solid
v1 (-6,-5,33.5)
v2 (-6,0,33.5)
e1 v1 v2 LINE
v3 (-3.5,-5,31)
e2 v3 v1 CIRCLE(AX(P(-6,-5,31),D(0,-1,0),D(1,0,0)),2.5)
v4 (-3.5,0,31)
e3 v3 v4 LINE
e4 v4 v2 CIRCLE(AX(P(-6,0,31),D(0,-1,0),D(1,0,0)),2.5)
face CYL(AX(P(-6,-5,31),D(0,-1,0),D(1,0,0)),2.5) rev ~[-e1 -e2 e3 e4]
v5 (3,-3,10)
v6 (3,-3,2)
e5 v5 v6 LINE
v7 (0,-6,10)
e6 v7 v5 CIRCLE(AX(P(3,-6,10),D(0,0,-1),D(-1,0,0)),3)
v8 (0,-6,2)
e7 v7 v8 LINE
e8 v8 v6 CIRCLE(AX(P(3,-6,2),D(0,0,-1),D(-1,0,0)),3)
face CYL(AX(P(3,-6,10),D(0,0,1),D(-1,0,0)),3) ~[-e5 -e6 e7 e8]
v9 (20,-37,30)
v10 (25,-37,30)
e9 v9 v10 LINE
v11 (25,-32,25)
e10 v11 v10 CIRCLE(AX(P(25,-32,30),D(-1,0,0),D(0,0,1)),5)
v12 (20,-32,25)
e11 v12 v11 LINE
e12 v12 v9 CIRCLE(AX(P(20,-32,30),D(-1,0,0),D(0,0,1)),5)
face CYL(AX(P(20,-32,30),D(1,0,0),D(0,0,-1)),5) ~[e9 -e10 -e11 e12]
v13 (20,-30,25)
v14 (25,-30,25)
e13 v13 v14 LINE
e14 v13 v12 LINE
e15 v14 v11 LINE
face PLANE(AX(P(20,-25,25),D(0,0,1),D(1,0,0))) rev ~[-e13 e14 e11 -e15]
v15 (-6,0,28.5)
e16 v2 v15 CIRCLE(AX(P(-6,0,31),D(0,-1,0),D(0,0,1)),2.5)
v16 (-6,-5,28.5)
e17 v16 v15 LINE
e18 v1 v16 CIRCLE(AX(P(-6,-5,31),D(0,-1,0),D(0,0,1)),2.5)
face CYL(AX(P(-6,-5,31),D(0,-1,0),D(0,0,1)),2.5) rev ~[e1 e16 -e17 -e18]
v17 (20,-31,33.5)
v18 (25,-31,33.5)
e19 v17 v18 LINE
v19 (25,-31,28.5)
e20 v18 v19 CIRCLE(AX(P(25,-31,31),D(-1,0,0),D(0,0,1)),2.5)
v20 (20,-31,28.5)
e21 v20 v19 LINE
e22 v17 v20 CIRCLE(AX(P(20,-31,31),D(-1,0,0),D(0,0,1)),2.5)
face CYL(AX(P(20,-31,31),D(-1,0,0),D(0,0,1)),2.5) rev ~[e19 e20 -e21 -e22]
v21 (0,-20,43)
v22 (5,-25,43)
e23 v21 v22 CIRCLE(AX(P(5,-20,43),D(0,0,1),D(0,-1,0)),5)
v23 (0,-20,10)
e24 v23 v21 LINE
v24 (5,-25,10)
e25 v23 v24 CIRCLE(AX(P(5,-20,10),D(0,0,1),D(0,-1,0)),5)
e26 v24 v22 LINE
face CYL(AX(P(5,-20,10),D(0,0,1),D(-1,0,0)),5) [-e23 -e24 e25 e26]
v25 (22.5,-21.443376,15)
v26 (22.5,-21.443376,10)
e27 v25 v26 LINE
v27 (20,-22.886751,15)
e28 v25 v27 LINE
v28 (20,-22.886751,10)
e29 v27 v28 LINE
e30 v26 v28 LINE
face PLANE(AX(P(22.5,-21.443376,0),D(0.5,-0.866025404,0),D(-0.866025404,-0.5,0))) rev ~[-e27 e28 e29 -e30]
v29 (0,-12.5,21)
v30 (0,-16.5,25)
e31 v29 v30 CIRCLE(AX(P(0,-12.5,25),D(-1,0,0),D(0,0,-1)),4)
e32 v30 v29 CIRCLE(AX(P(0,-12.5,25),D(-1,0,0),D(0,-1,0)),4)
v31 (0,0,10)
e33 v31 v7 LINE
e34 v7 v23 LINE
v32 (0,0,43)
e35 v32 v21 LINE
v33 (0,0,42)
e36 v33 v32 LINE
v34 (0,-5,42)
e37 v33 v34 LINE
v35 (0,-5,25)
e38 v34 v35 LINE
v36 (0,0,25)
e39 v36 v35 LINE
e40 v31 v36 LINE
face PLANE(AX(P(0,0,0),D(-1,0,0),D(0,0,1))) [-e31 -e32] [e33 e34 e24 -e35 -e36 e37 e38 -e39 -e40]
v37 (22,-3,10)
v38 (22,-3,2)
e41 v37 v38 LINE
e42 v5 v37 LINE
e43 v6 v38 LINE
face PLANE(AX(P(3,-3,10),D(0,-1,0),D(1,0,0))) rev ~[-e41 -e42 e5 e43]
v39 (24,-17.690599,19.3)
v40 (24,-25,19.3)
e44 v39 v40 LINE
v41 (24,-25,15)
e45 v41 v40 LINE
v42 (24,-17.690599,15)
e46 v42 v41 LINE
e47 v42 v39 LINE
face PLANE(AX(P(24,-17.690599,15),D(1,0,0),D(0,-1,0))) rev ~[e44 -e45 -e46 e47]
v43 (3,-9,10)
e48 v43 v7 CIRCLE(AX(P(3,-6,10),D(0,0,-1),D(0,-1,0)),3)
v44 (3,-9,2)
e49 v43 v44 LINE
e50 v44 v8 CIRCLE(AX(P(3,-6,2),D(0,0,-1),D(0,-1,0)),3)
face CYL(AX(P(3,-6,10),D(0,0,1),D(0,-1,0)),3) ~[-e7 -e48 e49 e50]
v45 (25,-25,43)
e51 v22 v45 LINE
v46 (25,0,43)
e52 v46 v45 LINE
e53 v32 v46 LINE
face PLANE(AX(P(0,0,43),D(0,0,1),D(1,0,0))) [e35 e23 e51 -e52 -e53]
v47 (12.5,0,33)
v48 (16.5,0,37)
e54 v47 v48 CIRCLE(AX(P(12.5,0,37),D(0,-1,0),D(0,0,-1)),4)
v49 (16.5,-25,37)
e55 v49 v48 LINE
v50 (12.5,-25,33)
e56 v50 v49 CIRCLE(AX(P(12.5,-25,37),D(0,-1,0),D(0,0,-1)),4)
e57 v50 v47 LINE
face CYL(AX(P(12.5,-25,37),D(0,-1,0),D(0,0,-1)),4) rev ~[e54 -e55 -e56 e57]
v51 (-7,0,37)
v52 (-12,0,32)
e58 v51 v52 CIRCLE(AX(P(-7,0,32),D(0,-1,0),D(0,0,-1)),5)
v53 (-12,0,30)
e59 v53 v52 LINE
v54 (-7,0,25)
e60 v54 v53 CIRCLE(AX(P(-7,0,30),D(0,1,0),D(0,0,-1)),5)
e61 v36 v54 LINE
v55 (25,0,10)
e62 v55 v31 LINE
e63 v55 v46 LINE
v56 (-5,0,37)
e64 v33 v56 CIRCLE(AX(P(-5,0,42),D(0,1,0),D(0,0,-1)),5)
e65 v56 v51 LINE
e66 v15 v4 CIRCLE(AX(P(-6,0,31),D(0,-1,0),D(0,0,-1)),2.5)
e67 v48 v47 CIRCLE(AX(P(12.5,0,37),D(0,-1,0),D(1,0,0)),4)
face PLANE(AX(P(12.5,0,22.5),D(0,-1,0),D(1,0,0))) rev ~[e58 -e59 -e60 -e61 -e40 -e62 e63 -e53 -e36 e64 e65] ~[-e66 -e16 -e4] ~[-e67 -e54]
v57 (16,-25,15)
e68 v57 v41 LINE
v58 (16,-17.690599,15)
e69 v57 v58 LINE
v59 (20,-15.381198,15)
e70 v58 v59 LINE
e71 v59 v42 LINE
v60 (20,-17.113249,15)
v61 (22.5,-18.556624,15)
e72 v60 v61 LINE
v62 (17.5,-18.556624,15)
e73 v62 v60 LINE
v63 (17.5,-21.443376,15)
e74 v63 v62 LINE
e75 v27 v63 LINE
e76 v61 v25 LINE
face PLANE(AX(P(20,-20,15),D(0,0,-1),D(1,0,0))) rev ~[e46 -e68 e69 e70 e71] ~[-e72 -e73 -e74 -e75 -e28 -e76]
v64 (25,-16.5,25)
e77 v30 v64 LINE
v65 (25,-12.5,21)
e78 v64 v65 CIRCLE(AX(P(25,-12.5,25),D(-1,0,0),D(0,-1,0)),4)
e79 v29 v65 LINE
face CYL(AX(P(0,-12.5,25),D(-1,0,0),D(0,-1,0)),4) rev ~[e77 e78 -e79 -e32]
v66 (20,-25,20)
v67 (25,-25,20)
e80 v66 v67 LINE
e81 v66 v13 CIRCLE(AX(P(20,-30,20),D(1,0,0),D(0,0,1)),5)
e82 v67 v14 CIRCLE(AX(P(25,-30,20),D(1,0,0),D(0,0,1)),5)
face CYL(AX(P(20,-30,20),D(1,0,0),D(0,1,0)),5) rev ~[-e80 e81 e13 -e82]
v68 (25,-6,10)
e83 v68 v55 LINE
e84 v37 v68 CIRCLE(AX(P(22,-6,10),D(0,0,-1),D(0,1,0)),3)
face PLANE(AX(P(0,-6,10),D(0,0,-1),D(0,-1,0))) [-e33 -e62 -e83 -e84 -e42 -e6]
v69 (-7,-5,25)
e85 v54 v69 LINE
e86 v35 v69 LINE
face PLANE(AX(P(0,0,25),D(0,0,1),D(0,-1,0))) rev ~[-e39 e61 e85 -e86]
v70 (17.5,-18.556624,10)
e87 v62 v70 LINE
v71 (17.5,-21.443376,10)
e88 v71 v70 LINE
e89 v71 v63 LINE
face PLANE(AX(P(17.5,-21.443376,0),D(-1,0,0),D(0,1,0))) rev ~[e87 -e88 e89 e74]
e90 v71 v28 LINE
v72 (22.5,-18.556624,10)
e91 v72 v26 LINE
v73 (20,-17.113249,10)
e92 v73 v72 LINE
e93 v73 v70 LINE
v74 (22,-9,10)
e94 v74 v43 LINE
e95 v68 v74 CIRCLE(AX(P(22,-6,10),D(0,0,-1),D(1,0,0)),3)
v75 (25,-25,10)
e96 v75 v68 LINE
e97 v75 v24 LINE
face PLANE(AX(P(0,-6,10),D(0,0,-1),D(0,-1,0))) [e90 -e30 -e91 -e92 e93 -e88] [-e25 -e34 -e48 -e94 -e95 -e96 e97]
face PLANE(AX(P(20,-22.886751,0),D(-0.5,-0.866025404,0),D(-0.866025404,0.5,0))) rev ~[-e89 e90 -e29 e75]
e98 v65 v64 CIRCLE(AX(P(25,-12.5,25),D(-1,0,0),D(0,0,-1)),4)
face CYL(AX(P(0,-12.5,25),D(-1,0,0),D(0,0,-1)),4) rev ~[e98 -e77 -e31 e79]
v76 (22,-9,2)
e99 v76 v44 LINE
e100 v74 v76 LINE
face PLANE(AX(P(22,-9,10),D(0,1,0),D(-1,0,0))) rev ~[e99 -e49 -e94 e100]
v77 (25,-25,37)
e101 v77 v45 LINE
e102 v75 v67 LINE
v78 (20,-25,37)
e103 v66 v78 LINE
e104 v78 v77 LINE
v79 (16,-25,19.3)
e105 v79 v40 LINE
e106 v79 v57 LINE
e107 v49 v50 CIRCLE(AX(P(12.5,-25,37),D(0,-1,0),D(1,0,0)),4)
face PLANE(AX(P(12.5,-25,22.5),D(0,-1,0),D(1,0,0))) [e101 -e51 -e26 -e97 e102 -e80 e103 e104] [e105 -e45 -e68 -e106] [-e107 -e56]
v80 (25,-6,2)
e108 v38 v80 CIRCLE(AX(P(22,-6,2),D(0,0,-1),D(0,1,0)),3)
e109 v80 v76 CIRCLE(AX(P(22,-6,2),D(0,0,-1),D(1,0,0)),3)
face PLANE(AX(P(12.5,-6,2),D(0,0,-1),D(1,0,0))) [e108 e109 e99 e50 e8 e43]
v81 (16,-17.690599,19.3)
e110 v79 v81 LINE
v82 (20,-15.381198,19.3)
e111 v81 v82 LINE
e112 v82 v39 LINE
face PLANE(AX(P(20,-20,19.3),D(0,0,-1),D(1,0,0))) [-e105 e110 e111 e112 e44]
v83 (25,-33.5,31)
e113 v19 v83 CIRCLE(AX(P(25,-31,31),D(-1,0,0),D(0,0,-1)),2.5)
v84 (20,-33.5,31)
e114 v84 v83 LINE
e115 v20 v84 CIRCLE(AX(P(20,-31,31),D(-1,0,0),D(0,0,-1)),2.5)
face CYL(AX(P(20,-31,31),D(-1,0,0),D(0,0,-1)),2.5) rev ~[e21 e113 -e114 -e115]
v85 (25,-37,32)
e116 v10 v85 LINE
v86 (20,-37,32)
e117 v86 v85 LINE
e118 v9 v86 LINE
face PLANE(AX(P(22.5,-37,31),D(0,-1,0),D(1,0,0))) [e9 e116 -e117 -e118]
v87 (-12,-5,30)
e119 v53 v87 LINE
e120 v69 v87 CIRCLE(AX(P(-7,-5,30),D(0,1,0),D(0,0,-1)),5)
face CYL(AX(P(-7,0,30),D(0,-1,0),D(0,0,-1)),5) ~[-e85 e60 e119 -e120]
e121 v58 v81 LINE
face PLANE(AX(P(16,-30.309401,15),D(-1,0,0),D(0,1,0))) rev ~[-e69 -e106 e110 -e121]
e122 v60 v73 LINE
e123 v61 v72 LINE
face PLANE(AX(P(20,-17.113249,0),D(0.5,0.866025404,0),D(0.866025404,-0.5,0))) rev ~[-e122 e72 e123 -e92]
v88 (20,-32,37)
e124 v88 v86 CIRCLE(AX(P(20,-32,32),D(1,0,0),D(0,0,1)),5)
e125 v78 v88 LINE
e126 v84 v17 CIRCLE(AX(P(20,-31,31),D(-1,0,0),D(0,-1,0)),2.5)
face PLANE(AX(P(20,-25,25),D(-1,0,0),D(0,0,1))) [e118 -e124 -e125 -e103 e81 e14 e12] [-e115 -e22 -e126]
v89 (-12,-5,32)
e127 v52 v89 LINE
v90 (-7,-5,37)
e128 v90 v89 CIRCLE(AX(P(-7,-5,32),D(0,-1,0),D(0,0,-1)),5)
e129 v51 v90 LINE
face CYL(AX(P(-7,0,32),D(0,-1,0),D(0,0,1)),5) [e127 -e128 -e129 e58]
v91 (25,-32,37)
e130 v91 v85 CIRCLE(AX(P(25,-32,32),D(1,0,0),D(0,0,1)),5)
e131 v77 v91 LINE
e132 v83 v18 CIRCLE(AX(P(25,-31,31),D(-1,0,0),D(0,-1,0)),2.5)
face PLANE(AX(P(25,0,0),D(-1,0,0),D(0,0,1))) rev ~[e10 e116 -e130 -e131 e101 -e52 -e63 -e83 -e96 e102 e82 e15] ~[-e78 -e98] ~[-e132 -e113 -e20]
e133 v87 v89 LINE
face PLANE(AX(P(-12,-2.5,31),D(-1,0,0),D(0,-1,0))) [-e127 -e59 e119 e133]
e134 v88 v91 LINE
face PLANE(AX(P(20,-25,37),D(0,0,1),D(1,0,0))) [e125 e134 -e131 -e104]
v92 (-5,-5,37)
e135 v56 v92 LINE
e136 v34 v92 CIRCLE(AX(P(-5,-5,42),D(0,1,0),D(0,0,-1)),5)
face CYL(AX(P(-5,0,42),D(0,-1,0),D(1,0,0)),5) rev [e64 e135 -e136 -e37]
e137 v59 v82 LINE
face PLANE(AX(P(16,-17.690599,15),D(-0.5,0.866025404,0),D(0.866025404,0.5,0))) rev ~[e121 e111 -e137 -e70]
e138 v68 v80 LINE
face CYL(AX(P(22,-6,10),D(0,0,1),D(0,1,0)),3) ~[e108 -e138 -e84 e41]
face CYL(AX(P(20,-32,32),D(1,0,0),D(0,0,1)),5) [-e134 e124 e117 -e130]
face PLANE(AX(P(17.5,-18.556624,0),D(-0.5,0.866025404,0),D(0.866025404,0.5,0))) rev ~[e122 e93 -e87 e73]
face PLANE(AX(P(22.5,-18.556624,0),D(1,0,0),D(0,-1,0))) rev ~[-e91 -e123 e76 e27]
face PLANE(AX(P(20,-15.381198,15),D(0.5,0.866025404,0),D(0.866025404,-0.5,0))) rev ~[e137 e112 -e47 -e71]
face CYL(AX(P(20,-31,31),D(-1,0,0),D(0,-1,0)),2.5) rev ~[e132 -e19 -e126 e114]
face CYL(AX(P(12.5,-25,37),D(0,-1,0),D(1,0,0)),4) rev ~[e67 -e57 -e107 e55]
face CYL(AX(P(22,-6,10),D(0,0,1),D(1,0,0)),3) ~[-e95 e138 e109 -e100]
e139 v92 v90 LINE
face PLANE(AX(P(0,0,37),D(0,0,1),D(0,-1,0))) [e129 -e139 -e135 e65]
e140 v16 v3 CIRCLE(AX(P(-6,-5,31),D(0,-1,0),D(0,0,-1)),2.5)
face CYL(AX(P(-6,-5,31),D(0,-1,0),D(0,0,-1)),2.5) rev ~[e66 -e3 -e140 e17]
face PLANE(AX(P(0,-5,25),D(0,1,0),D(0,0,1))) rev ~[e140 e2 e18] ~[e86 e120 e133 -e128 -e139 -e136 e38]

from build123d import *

# Parameters (mm, degrees)
F0_W      = 25
F0_H      = 45
F1_DEPTH  = 25
F3_DEPTH  = 25
F5_DEPTH  = 25
F6_W      = 5
F6_H      = 12
F7_DEPTH  = 12
F9_DEPTH  = 25
F10_R     = 5
F11_W     = 5
F11_H     = 12
F12_DEPTH = 12
F14_DEPTH = 25
F15_R     = 5
F16_W     = 19
F16_H     = 6
F17_DEPTH = 19
F19_DEPTH = 12
F20_R     = 5
F21_R     = 5
F22_DEPTH = 2
F24_DEPTH = 25
F27_DEPTH = 4.3
F28_DEPTH = 5
F30_DEPTH = 8


with BuildPart() as f1:
    # F0 (on Front) → F1 (new body)
    with BuildSketch(Plane.XZ):
        with Locations((12.5, 22.5)):
            Rectangle(F0_W, F0_H)
    extrude(amount=F1_DEPTH)

    # F2 (on face) → F3 (cut)
    with BuildSketch(Plane.XZ.offset(25)):
        with BuildLine():
            ThreePointArc((16.5, 37), (9.6715728753, 39.8284271247), (12.5, 33))
            ThreePointArc((12.5, 33), (15.3284271247, 34.1715728753), (16.5, 37))
        make_face()
    extrude(amount=-F3_DEPTH, mode=Mode.SUBTRACT)

    # F4 (on face) → F5 (cut)
    with BuildSketch(Plane(origin=(0, 0, 0), x_dir=(0, -1, 0), z_dir=(-1, 0, 0))):
        with BuildLine():
            ThreePointArc((16.5, 25), (9.6715728753, 27.8284271247), (12.5, 21))
            ThreePointArc((12.5, 21), (15.3284271247, 22.1715728753), (16.5, 25))
        make_face()
    extrude(amount=-F5_DEPTH, mode=Mode.SUBTRACT)

    # F6 (on face) → F7 (join)
    with BuildSketch(Plane(origin=(0, 0, 0), x_dir=(0, -1, 0), z_dir=(-1, 0, 0))):
        with Locations((2.5, 31)):
            Rectangle(F6_W, F6_H)
    extrude(amount=F7_DEPTH)

    # F8 (on face) → F9 (cut)
    with BuildSketch(Plane.XZ.offset(5)):
        with BuildLine():
            ThreePointArc((-6, 33.5), (-8.5, 31), (-6, 28.5))
            Line((-6, 28.5), (-6, 33.5))
        make_face()
        with BuildLine():
            Line((-6, 33.5), (-6, 28.5))
            ThreePointArc((-6, 28.5), (-4.232233047, 29.232233047), (-3.5, 31))
            ThreePointArc((-3.5, 31), (-4.232233047, 32.767766953), (-6, 33.5))
        make_face()
    extrude(amount=-F9_DEPTH, mode=Mode.SUBTRACT)

    # F10
    f10_edges = [f1.edges().sort_by_distance(p)[0] for p in [
        (-12, -2.5, 37),
        (-12, -2.5, 25),
        (0, -2.5, 37),
    ]]
    fillet(f10_edges, radius=F10_R)

    # F11 (on face) → F12 (join)
    with BuildSketch(Plane.XZ.offset(25)):
        with Locations((22.5, 31)):
            Rectangle(F11_W, F11_H)
    extrude(amount=F12_DEPTH)

    # F13 (on face) → F14 (cut)
    with BuildSketch(Plane(origin=(20, 0, 0), x_dir=(0, -1, 0), z_dir=(-1, 0, 0))):
        with BuildLine():
            ThreePointArc((31, 33.5), (28.5, 31), (31, 28.5))
            Line((31, 28.5), (31, 33.5))
        make_face()
        with BuildLine():
            Line((31, 33.5), (31, 28.5))
            ThreePointArc((31, 28.5), (32.767766953, 29.232233047), (33.5, 31))
            ThreePointArc((33.5, 31), (32.767766953, 32.767766953), (31, 33.5))
        make_face()
    extrude(amount=-F14_DEPTH, mode=Mode.SUBTRACT)

    # F15
    f15_edges = [f1.edges().sort_by_distance(p)[0] for p in [
        (22.5, -37, 37),
        (22.5, -37, 25),
        (22.5, -25, 25),
    ]]
    fillet(f15_edges, radius=F15_R)

    # F16 (on face) → F17 (cut)
    with BuildSketch(Plane(origin=(0, 0, 0), x_dir=(0, -1, 0), z_dir=(-1, 0, 0))):
        with Locations((15.5, 7)):
            Rectangle(F16_W, F16_H)
    extrude(amount=-F17_DEPTH, mode=Mode.SUBTRACT)

    # F18 (on face) → F19 (cut)
    with BuildSketch(Plane(origin=(0, 0, 0), x_dir=(1, 0, 0), z_dir=(0, 0, -1))):
        Polygon((17.5, 21.443375673), (17.5, 18.556624327), (20, 17.1132486541), (22.5, 18.556624327), (22.5, 20), (20, 20), (20, 22.8867513459), align=None)
        Polygon((22.5, 21.443375673), (20, 22.8867513459), (20, 20), (22.5, 20), align=None)
    extrude(amount=-F19_DEPTH, mode=Mode.SUBTRACT)

    # F20
    f20_edges = [f1.edges().sort_by_distance(p)[0] for p in [
        (19, -6, 7),
    ]]
    fillet(f20_edges, radius=F20_R)

    # F21
    f21_edges = [f1.edges().sort_by_distance(p)[0] for p in [
        (0, -25, 2),
        (0, -25, 27.5),
    ]]
    fillet(f21_edges, radius=F21_R)

    # F22 (cut): a face of the model
    f22_faces = [f1.faces().sort_by_distance(p)[0] for p in [
        (12.59855993, -12.40144007, 45),
    ]]
    extrude(f22_faces, amount=-F22_DEPTH, mode=Mode.SUBTRACT)

    # F23 (on face) → F24 (cut)
    with BuildSketch(Plane.XZ.offset(25)):
        Polygon((25, 10), (19, 10), (19, 4), (5, 4), (5, 0), (25, 0), align=None)
        Polygon((19, 4), (19, 10), (5, 10), (0, 10), (0, 0), (5, 0), (5, 4), align=None)
    extrude(amount=-F24_DEPTH, mode=Mode.SUBTRACT)

    # F26 (on offset) → F27 (cut)
    with BuildSketch(Plane(origin=(0, 0, 15), x_dir=(1, 0, 0), z_dir=(0, 0, -1))):
        Polygon((24, 17.6905989232), (24, 22.3094010768), (20, 24.6188021535), (16, 22.3094010768), (16, 17.6905989232), (20, 15.3811978465), align=None)
        Polygon((20, 24.6188021535), (24, 22.3094010768), (24, 30.3094010768), (16, 30.3094010768), (16, 22.3094010768), align=None)
    extrude(amount=-F27_DEPTH, mode=Mode.SUBTRACT)

    # F28 (cut): a face of the model
    f28_faces = [f1.faces().sort_by_distance(p)[0] for p in [
        (20, -20, 12),
    ]]
    extrude(f28_faces, amount=-F28_DEPTH, mode=Mode.SUBTRACT)

    # F29 (on face) → F30 (join)
    with BuildSketch(Plane(origin=(0, 0, 10), x_dir=(1, 0, 0), z_dir=(0, 0, -1))):
        with BuildLine():
            ThreePointArc((0, 6), (0.8786796564, 3.8786796564), (3, 3))
            Line((3, 3), (22, 3))
            ThreePointArc((22, 3), (24.1213203436, 3.8786796564), (25, 6))
            ThreePointArc((25, 6), (24.1213203436, 8.1213203436), (22, 9))
            Line((22, 9), (3, 9))
            ThreePointArc((3, 9), (0.8786796564, 8.1213203436), (0, 6))
        make_face()
    extrude(amount=F30_DEPTH)


solid = f1.part
